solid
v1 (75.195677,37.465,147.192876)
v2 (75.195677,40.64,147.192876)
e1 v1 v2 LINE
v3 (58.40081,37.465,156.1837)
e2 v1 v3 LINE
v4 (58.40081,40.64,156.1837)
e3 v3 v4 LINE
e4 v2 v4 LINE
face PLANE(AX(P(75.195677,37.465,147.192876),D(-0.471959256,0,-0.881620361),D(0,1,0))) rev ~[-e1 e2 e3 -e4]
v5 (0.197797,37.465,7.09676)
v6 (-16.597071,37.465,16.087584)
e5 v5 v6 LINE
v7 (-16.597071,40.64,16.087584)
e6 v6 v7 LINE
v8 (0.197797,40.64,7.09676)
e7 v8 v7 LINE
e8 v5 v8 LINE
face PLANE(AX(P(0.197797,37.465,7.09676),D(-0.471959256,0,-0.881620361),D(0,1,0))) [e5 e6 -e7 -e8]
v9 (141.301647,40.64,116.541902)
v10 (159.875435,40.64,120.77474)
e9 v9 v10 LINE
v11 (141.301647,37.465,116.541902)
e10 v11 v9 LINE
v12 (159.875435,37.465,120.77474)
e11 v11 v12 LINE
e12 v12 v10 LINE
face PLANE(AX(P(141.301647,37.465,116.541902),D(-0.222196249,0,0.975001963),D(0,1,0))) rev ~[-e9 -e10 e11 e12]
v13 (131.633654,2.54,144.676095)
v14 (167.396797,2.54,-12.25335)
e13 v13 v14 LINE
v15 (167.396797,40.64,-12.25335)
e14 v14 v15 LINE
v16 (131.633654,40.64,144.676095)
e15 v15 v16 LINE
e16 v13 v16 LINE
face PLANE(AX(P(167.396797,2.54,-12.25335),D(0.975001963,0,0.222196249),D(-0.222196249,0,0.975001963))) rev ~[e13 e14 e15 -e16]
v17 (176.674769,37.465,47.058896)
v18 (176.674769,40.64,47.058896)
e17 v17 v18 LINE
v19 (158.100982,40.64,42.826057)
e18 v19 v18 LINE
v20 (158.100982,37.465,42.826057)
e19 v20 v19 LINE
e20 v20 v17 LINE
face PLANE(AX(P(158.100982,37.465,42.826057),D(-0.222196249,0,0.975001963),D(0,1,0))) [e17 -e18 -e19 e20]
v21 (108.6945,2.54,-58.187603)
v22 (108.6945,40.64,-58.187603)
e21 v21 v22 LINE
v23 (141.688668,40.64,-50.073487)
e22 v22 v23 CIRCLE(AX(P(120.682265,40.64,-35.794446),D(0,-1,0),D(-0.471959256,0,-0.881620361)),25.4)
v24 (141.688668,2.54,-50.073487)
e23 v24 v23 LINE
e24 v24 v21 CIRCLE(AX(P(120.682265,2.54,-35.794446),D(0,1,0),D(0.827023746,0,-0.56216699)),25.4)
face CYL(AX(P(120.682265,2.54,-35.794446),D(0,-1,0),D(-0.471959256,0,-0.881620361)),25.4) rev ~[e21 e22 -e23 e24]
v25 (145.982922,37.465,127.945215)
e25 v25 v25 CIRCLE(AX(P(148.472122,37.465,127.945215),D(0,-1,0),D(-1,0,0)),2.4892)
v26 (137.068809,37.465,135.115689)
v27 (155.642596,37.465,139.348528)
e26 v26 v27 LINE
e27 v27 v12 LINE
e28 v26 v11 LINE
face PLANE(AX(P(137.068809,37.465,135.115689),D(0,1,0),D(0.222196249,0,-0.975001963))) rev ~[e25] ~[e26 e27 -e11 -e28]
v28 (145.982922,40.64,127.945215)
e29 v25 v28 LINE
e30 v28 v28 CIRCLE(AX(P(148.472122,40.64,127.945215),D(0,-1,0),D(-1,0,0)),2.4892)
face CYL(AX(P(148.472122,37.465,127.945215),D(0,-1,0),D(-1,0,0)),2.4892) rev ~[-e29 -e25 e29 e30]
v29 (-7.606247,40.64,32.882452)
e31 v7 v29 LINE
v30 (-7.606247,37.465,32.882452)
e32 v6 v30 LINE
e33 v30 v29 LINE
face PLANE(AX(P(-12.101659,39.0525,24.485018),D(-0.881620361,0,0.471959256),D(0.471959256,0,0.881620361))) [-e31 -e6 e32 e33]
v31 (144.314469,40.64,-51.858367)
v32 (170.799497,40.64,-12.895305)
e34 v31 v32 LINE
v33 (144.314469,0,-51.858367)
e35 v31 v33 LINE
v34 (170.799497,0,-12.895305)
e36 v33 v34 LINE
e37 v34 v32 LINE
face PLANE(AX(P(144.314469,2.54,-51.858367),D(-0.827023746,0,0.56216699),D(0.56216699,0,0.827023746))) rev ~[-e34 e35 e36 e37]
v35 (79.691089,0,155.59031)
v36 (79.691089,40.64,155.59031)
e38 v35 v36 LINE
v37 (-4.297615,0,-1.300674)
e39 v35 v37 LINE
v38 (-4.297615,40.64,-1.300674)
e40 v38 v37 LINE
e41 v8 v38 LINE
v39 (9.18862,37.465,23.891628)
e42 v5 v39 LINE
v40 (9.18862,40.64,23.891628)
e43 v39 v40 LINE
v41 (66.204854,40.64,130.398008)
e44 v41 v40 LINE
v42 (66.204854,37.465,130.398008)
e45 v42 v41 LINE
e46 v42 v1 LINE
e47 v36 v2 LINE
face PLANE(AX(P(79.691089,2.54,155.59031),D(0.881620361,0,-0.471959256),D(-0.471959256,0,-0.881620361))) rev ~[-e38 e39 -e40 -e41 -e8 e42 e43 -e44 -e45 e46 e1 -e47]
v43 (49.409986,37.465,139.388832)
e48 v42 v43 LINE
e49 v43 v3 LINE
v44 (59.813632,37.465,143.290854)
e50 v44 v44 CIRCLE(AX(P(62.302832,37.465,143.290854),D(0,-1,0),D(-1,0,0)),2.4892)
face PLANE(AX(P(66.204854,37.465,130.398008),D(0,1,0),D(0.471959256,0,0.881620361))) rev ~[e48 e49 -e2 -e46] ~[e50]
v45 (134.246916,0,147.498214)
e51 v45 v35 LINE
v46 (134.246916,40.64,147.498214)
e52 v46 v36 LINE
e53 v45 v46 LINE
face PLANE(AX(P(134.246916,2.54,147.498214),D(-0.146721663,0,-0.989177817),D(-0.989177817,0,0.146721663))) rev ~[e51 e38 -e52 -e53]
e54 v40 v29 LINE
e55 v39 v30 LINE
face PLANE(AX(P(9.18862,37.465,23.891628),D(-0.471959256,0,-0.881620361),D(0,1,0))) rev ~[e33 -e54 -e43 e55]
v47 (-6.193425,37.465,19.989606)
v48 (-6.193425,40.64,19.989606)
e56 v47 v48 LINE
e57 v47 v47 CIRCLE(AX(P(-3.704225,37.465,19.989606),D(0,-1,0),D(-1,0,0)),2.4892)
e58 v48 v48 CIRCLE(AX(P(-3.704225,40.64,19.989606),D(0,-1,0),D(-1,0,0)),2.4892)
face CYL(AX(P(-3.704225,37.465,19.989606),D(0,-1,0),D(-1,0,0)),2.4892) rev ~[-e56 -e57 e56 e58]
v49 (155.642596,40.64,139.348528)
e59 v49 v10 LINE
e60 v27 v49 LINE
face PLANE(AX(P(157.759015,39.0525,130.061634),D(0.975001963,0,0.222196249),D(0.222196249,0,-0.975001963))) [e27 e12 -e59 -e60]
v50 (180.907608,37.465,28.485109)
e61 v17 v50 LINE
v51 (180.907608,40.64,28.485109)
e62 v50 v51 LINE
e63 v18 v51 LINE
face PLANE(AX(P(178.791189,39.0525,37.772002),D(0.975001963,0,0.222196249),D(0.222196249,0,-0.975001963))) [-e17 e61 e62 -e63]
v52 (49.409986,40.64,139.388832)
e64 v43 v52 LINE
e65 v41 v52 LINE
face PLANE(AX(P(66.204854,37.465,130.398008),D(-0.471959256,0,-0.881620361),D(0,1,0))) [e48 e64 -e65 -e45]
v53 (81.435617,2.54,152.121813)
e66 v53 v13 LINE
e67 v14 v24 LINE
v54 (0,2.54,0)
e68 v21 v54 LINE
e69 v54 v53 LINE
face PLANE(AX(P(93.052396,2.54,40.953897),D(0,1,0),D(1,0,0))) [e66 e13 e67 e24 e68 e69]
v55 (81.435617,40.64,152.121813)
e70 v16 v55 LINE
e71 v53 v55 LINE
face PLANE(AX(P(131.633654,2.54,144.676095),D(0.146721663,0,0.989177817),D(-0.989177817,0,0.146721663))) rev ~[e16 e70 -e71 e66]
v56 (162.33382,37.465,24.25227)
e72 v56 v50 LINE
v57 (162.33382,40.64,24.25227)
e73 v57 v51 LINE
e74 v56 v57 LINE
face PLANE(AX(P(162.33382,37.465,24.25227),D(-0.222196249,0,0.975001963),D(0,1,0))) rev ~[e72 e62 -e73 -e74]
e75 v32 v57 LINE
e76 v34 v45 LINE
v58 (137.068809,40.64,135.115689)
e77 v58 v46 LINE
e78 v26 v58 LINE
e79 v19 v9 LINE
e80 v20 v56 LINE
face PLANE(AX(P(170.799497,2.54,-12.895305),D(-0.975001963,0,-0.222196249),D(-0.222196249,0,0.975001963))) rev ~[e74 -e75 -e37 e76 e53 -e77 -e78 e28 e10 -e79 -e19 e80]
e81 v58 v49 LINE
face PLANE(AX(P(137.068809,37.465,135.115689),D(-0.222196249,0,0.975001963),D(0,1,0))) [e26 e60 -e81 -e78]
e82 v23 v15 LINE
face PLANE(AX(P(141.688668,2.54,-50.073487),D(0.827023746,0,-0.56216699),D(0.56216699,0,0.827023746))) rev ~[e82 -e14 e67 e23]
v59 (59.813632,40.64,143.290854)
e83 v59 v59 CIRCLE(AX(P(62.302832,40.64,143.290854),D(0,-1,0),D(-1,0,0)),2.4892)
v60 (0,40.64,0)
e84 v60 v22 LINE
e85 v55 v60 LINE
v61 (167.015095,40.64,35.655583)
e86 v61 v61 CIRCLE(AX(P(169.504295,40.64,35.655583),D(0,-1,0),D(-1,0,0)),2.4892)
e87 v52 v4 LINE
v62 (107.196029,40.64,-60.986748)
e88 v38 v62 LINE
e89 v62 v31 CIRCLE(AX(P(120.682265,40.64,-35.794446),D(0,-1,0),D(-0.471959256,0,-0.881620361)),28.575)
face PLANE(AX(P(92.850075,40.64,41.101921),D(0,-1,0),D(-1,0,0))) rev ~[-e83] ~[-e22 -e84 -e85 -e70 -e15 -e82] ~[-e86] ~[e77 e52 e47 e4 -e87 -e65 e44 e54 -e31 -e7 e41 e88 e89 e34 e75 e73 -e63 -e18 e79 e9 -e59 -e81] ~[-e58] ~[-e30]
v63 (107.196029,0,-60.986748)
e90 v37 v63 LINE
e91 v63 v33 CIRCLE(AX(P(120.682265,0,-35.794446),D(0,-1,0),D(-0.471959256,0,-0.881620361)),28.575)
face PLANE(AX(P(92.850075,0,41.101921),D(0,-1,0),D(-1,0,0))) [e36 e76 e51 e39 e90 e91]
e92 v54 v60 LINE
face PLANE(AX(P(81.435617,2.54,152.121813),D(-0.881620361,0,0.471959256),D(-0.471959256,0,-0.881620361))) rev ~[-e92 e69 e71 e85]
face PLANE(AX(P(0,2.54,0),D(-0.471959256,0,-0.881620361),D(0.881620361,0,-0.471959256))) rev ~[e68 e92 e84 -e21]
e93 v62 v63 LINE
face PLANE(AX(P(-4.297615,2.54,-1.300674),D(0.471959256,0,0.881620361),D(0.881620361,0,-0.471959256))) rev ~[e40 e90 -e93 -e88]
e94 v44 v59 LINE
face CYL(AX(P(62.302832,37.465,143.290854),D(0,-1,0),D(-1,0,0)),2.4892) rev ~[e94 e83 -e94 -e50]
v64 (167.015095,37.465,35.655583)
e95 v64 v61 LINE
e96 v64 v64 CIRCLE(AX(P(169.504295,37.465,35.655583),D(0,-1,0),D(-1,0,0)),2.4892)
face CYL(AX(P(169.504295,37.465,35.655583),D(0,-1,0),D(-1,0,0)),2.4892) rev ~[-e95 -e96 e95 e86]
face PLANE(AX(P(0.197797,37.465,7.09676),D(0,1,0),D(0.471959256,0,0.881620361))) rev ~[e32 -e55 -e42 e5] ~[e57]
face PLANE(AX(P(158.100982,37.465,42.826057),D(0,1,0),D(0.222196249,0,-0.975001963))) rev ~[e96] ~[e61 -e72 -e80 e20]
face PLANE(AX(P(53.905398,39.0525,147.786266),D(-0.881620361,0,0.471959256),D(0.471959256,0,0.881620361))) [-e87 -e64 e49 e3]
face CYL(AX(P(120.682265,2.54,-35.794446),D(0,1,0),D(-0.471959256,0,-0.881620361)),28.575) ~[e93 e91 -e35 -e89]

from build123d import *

# Parameters (mm, degrees)
BOSS_EXTRUDE1_DEPTH      = 2.54
BOSS_EXTRUDE5_DEPTH      = 38.1
BOSS_EXTRUDE5_DEPTH_BACK = 2.54
SKETCH6_W                = 19.05
SKETCH6_H                = 3.175
BOSS_EXTRUDE6_DEPTH      = 19.05
SKETCH7_W                = 19.05
SKETCH7_H                = 3.175
BOSS_EXTRUDE7_DEPTH      = 19.05
CUT_EXTRUDE2_REACH       = 5.175
SKETCH8_R                = 2.4892


with BuildPart() as part:
    # Sketch1 → Boss-Extrude1 (new body)
    with BuildSketch(Plane(origin=(0, 0, 0), x_dir=(1, 0, 0), z_dir=(0, 1, 0))):
        with BuildLine():
            Line((108.694500094, 58.18760289), (0, 0))
            Line((0, 0), (81.435616874, -152.121813345))
            Line((81.435616874, -152.121813345), (131.633654365, -144.676094857))
            Line((131.633654365, -144.676094857), (167.396796738, 12.253350144))
            Line((167.396796738, 12.253350144), (141.688668345, 50.073487268))
            ThreePointArc((141.688668345, 50.073487268), (126.748044303, 60.459528823), (108.694500094, 58.18760289))
        make_face()
    extrude(amount=BOSS_EXTRUDE1_DEPTH)

    # Sketch2 → Boss-Extrude5 (add, two sides)
    with BuildSketch(Plane(origin=(0, 2.54, 0), x_dir=(1, 0, 0), z_dir=(0, 1, 0))) as boss_extrude5_sk:
        with BuildLine():
            Line((79.691089457, -155.590310016), (-4.297615284, 1.300674006))
            Line((-4.297615284, 1.300674006), (107.196029455, 60.986747535))
            ThreePointArc((107.196029455, 60.986747535), (127.50626669, 63.54266421), (144.314468737, 51.85836746))
            Line((144.314468737, 51.85836746), (170.799497483, 12.895304744))
            Line((170.799497483, 12.895304744), (134.24691646, -147.498214188))
            Line((134.24691646, -147.498214188), (79.691089457, -155.590310016))
        make_face()
        with BuildLine():
            Line((81.435616874, -152.121813345), (0, 0))
            Line((0, 0), (108.694500094, 58.18760289))
            ThreePointArc((108.694500094, 58.18760289), (126.748044303, 60.459528823), (141.688668345, 50.073487268))
            Line((141.688668345, 50.073487268), (167.396796738, 12.253350144))
            Line((167.396796738, 12.253350144), (131.633654365, -144.676094857))
            Line((131.633654365, -144.676094857), (81.435616874, -152.121813345))
        make_face(mode=Mode.SUBTRACT)
    extrude(amount=BOSS_EXTRUDE5_DEPTH)
    extrude(boss_extrude5_sk.sketch, amount=-BOSS_EXTRUDE5_DEPTH_BACK)

    # Sketch6 → Boss-Extrude6 (add)
    with BuildSketch(Plane(origin=(159.573264194, 0, 36.365650604), x_dir=(0.222196249, 0, -0.975001963), z_dir=(0.975001963, 0, 0.222196249))):
        with Locations((2.898955068, 39.0525)):
            Rectangle(SKETCH6_W, SKETCH6_H)
        with Locations((-91.756887063, 39.0525)):
            Rectangle(SKETCH6_W, SKETCH6_H)
    extrude(amount=BOSS_EXTRUDE6_DEPTH)

    # Sketch7 → Boss-Extrude7 (add)
    with BuildSketch(Plane(origin=(-2.799144645, 0, 1.498470639), x_dir=(0.471959256, 0, 0.881620361), z_dir=(-0.881620361, 0, 0.471959256))):
        with Locations((15.875, 39.0525)):
            Rectangle(SKETCH7_W, SKETCH7_H)
        with Locations((155.73253255, 39.0525)):
            Rectangle(SKETCH7_W, SKETCH7_H)
    extrude(amount=BOSS_EXTRUDE7_DEPTH)

    # Sketch8 → Cut-Extrude2 (cut, up to next)
    with BuildSketch(Plane(origin=(0, 37.465, 0), x_dir=(-1, 0, 0), z_dir=(0, -1, 0)), mode=Mode.PRIVATE) as cut_extrude2_sk1:
        with Locations((3.704225384, -19.989605782)):
            Circle(SKETCH8_R)
    cut_extrude2_tool1 = extrude(cut_extrude2_sk1.sketch, amount=-CUT_EXTRUDE2_REACH, mode=Mode.PRIVATE) & part.part
    add(cut_extrude2_tool1.solids().sort_by_distance((-3.704225, 37.465, 19.989606))[0], mode=Mode.SUBTRACT)
    # Sketch8 → Cut-Extrude2 (cut, up to next)
    with BuildSketch(Plane(origin=(0, 37.465, 0), x_dir=(-1, 0, 0), z_dir=(0, -1, 0)), mode=Mode.PRIVATE) as cut_extrude2_sk2:
        with Locations((-62.302831686, -143.290854064)):
            Circle(SKETCH8_R)
    cut_extrude2_tool2 = extrude(cut_extrude2_sk2.sketch, amount=-CUT_EXTRUDE2_REACH, mode=Mode.PRIVATE) & part.part
    add(cut_extrude2_tool2.solids().sort_by_distance((62.302832, 37.465, 143.290854))[0], mode=Mode.SUBTRACT)
    # Sketch8 → Cut-Extrude2 (cut, up to next)
    with BuildSketch(Plane(origin=(0, 37.465, 0), x_dir=(-1, 0, 0), z_dir=(0, -1, 0)), mode=Mode.PRIVATE) as cut_extrude2_sk3:
        with Locations((-148.472121782, -127.945214839)):
            Circle(SKETCH8_R)
    cut_extrude2_tool3 = extrude(cut_extrude2_sk3.sketch, amount=-CUT_EXTRUDE2_REACH, mode=Mode.PRIVATE) & part.part
    add(cut_extrude2_tool3.solids().sort_by_distance((148.472122, 37.465, 127.945215))[0], mode=Mode.SUBTRACT)
    # Sketch8 → Cut-Extrude2 (cut, up to next)
    with BuildSketch(Plane(origin=(0, 37.465, 0), x_dir=(-1, 0, 0), z_dir=(0, -1, 0)), mode=Mode.PRIVATE) as cut_extrude2_sk4:
        with Locations((-169.504294829, -35.655582993)):
            Circle(SKETCH8_R)
    cut_extrude2_tool4 = extrude(cut_extrude2_sk4.sketch, amount=-CUT_EXTRUDE2_REACH, mode=Mode.PRIVATE) & part.part
    add(cut_extrude2_tool4.solids().sort_by_distance((169.504295, 37.465, 35.655583))[0], mode=Mode.SUBTRACT)


solid = part.part
